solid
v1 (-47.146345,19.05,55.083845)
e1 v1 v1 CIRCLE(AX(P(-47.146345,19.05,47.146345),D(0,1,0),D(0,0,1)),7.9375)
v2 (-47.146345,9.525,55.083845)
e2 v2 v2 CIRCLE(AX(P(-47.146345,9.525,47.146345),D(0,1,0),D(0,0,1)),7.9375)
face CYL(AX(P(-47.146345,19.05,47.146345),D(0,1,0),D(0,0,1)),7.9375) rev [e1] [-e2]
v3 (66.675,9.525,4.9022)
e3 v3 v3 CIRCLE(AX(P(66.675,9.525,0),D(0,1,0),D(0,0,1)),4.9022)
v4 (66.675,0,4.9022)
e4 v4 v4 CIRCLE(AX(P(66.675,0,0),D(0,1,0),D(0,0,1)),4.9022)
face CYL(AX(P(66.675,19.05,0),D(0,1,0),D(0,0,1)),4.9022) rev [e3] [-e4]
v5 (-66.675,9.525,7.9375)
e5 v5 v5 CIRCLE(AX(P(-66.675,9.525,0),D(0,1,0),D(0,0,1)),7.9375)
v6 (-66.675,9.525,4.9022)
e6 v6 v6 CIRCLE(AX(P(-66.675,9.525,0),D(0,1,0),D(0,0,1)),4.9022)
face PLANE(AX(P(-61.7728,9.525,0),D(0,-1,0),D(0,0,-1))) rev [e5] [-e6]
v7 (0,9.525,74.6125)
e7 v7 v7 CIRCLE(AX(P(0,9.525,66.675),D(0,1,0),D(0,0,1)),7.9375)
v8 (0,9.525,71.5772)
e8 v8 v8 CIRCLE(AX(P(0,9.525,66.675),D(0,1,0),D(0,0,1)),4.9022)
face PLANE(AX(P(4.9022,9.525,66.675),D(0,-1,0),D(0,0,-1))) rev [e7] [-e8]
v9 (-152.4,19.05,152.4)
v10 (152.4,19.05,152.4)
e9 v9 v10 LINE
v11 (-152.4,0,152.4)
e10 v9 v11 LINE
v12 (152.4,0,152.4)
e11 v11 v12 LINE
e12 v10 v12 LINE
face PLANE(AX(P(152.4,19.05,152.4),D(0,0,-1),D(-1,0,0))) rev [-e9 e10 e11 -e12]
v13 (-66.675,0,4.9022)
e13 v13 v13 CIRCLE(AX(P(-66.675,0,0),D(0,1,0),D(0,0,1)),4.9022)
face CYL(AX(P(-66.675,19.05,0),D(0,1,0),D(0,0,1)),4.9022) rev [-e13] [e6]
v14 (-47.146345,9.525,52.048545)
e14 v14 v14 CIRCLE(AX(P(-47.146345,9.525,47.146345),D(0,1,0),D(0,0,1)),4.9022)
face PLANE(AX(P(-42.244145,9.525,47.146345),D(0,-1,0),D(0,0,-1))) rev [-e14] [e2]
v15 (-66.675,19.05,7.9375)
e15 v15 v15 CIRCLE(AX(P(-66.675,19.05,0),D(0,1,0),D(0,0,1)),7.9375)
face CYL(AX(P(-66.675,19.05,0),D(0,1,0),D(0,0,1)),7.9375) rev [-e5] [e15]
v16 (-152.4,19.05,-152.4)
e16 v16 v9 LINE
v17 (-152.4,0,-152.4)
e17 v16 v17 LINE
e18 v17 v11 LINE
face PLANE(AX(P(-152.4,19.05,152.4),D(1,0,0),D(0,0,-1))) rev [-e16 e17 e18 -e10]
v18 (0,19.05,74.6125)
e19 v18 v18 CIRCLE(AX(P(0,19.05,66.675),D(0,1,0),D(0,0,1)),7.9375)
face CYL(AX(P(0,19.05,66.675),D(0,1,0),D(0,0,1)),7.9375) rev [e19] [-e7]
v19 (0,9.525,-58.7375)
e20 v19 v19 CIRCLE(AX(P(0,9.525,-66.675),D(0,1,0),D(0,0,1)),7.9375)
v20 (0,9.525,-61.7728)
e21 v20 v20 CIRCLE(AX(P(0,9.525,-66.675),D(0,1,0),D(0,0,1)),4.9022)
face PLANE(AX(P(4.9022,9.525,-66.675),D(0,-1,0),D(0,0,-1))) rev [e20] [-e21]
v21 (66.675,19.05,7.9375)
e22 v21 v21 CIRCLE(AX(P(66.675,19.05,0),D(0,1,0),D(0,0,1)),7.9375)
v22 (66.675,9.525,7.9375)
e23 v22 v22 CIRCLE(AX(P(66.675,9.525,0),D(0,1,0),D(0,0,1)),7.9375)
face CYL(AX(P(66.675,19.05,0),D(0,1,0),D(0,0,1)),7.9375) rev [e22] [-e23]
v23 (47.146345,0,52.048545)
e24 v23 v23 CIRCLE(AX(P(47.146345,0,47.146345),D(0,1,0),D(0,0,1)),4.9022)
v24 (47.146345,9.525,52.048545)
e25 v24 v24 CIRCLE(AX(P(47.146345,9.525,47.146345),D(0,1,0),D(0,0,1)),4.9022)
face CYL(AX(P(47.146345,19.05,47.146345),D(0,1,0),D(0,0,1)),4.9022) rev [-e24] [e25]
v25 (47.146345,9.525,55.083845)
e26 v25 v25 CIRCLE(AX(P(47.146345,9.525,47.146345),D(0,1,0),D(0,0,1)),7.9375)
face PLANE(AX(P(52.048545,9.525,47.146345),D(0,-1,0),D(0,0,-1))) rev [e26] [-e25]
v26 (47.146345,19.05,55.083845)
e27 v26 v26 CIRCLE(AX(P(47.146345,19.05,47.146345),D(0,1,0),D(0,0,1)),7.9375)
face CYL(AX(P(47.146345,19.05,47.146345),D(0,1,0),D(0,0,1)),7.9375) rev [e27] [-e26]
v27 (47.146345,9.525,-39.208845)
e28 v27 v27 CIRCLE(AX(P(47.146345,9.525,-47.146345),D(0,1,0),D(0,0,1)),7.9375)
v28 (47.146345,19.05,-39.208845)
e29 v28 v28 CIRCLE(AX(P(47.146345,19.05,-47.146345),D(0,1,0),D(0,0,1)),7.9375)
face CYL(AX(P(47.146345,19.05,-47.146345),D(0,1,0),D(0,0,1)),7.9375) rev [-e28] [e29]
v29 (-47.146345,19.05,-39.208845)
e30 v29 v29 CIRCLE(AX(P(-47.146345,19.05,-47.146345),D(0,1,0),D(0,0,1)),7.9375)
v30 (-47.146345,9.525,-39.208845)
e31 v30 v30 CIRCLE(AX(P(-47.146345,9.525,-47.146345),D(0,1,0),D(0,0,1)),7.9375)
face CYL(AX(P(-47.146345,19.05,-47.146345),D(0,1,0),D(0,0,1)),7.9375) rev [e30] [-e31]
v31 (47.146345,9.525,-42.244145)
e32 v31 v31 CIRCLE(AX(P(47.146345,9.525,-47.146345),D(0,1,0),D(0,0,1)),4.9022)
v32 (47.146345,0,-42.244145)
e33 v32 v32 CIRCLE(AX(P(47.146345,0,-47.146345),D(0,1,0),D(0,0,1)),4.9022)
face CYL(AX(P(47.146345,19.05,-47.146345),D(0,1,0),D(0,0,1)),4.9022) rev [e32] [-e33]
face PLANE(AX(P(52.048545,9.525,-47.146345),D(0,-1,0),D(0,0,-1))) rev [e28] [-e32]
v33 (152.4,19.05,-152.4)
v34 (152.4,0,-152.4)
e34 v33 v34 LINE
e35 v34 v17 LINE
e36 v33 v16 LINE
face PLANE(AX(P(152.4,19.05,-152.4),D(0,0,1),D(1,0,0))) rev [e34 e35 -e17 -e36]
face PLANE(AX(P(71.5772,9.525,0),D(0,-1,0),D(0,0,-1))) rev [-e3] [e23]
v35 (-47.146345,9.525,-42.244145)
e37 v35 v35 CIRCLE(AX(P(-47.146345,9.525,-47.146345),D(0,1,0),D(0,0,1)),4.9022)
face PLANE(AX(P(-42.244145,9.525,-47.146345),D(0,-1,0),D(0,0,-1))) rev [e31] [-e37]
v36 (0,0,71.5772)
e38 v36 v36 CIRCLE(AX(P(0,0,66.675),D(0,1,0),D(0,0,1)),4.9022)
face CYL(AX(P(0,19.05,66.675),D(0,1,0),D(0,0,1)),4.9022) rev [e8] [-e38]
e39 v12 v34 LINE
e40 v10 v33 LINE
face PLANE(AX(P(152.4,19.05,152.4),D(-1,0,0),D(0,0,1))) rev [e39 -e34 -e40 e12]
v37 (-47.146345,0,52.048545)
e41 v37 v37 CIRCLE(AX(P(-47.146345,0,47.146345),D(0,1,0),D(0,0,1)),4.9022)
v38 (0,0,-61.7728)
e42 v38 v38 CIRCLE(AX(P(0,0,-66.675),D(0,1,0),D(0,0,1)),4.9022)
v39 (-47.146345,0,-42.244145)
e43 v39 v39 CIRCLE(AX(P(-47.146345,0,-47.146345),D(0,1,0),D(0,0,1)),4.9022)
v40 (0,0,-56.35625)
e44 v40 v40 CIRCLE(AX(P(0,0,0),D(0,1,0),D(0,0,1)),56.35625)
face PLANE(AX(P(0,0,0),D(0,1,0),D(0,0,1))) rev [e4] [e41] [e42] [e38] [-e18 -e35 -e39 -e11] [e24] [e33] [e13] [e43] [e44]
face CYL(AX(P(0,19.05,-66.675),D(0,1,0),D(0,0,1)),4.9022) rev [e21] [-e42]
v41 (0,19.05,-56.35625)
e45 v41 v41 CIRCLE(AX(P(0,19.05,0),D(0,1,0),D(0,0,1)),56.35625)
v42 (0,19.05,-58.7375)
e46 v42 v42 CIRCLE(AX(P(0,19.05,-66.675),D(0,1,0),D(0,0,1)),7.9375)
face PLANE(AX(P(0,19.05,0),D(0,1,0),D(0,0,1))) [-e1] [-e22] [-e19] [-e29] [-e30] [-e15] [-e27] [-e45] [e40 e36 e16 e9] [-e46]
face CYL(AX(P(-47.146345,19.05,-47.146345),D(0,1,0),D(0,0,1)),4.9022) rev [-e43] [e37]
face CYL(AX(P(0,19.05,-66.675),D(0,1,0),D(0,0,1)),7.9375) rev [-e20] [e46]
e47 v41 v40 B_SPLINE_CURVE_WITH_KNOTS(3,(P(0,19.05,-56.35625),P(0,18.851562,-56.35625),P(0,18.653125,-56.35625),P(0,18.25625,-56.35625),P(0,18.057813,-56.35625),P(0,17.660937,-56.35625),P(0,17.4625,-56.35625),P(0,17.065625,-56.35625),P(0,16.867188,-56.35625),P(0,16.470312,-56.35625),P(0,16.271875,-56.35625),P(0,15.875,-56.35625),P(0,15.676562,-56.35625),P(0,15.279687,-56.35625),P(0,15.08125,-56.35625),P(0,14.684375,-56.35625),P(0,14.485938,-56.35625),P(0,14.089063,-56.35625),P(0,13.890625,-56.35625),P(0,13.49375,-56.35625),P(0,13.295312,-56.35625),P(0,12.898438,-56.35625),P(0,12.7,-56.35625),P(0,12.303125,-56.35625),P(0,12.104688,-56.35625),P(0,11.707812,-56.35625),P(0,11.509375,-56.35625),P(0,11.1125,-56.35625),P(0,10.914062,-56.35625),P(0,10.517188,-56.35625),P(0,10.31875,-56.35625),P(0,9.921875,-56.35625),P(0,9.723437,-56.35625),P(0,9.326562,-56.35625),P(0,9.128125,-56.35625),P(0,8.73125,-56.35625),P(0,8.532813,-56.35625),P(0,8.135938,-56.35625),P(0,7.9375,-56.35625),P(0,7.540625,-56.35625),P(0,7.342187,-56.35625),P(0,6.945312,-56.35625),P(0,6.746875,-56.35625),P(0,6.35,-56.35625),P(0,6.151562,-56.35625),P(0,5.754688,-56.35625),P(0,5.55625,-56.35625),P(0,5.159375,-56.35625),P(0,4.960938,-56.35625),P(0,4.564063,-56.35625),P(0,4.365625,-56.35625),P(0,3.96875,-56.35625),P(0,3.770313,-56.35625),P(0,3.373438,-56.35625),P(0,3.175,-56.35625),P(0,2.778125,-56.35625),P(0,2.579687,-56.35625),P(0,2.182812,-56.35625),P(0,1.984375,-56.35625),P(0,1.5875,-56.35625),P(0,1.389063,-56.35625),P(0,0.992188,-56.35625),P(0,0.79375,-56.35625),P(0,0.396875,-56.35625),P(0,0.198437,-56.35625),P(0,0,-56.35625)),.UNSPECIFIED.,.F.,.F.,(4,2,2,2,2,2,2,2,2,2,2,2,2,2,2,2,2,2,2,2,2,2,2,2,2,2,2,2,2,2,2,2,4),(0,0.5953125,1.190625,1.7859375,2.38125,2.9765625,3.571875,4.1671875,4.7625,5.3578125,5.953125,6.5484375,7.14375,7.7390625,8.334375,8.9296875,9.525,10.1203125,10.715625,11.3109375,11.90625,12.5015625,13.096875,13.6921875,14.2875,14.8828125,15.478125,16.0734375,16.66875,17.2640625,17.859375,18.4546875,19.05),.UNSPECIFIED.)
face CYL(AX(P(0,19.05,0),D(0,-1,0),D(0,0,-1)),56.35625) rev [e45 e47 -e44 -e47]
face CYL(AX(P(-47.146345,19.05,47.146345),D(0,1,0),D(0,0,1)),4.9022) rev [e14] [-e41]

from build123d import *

# Parameters (mm, degrees)
SKETCH1_W                                        = 304.8
SKETCH1_H                                        = 304.8
SKETCH1_R                                        = 56.35625
BOSS_EXTRUDE1_DEPTH                              = 19.05
CBORE_FOR_3_8_SOCKET_HEAD_CAP_SCREW1_D           = 9.8044
CBORE_FOR_3_8_SOCKET_HEAD_CAP_SCREW1_CBORE_D     = 15.875
CBORE_FOR_3_8_SOCKET_HEAD_CAP_SCREW1_CBORE_DEPTH = 9.525


with BuildPart() as part:
    # Sketch1 → Boss-Extrude1 (new body)
    with BuildSketch(Plane(origin=(0, 0, 0), x_dir=(1, 0, 0), z_dir=(0, 1, 0))):
        Rectangle(SKETCH1_W, SKETCH1_H)
        with Locations(Location((0, 0, 0), (0, 0, 90))):
            Circle(SKETCH1_R, mode=Mode.SUBTRACT)
    extrude(amount=BOSS_EXTRUDE1_DEPTH)

    # CBORE for 3/8 Socket Head Cap Screw1 (through all)
    with Locations(Plane(origin=(0, 19.05, 0), x_dir=(1, 0, 0), z_dir=(0, 1, 0))):
        with Locations((47.146344636, -47.146344636), (66.675, 0), (47.146344636, 47.146344636), (0, 66.675), (-47.146344636, 47.146344636), (-66.675, 0), (-47.146344636, -47.146344636), (0, -66.675)):
            CounterBoreHole(CBORE_FOR_3_8_SOCKET_HEAD_CAP_SCREW1_D / 2, CBORE_FOR_3_8_SOCKET_HEAD_CAP_SCREW1_CBORE_D / 2, CBORE_FOR_3_8_SOCKET_HEAD_CAP_SCREW1_CBORE_DEPTH)


solid = part.part
